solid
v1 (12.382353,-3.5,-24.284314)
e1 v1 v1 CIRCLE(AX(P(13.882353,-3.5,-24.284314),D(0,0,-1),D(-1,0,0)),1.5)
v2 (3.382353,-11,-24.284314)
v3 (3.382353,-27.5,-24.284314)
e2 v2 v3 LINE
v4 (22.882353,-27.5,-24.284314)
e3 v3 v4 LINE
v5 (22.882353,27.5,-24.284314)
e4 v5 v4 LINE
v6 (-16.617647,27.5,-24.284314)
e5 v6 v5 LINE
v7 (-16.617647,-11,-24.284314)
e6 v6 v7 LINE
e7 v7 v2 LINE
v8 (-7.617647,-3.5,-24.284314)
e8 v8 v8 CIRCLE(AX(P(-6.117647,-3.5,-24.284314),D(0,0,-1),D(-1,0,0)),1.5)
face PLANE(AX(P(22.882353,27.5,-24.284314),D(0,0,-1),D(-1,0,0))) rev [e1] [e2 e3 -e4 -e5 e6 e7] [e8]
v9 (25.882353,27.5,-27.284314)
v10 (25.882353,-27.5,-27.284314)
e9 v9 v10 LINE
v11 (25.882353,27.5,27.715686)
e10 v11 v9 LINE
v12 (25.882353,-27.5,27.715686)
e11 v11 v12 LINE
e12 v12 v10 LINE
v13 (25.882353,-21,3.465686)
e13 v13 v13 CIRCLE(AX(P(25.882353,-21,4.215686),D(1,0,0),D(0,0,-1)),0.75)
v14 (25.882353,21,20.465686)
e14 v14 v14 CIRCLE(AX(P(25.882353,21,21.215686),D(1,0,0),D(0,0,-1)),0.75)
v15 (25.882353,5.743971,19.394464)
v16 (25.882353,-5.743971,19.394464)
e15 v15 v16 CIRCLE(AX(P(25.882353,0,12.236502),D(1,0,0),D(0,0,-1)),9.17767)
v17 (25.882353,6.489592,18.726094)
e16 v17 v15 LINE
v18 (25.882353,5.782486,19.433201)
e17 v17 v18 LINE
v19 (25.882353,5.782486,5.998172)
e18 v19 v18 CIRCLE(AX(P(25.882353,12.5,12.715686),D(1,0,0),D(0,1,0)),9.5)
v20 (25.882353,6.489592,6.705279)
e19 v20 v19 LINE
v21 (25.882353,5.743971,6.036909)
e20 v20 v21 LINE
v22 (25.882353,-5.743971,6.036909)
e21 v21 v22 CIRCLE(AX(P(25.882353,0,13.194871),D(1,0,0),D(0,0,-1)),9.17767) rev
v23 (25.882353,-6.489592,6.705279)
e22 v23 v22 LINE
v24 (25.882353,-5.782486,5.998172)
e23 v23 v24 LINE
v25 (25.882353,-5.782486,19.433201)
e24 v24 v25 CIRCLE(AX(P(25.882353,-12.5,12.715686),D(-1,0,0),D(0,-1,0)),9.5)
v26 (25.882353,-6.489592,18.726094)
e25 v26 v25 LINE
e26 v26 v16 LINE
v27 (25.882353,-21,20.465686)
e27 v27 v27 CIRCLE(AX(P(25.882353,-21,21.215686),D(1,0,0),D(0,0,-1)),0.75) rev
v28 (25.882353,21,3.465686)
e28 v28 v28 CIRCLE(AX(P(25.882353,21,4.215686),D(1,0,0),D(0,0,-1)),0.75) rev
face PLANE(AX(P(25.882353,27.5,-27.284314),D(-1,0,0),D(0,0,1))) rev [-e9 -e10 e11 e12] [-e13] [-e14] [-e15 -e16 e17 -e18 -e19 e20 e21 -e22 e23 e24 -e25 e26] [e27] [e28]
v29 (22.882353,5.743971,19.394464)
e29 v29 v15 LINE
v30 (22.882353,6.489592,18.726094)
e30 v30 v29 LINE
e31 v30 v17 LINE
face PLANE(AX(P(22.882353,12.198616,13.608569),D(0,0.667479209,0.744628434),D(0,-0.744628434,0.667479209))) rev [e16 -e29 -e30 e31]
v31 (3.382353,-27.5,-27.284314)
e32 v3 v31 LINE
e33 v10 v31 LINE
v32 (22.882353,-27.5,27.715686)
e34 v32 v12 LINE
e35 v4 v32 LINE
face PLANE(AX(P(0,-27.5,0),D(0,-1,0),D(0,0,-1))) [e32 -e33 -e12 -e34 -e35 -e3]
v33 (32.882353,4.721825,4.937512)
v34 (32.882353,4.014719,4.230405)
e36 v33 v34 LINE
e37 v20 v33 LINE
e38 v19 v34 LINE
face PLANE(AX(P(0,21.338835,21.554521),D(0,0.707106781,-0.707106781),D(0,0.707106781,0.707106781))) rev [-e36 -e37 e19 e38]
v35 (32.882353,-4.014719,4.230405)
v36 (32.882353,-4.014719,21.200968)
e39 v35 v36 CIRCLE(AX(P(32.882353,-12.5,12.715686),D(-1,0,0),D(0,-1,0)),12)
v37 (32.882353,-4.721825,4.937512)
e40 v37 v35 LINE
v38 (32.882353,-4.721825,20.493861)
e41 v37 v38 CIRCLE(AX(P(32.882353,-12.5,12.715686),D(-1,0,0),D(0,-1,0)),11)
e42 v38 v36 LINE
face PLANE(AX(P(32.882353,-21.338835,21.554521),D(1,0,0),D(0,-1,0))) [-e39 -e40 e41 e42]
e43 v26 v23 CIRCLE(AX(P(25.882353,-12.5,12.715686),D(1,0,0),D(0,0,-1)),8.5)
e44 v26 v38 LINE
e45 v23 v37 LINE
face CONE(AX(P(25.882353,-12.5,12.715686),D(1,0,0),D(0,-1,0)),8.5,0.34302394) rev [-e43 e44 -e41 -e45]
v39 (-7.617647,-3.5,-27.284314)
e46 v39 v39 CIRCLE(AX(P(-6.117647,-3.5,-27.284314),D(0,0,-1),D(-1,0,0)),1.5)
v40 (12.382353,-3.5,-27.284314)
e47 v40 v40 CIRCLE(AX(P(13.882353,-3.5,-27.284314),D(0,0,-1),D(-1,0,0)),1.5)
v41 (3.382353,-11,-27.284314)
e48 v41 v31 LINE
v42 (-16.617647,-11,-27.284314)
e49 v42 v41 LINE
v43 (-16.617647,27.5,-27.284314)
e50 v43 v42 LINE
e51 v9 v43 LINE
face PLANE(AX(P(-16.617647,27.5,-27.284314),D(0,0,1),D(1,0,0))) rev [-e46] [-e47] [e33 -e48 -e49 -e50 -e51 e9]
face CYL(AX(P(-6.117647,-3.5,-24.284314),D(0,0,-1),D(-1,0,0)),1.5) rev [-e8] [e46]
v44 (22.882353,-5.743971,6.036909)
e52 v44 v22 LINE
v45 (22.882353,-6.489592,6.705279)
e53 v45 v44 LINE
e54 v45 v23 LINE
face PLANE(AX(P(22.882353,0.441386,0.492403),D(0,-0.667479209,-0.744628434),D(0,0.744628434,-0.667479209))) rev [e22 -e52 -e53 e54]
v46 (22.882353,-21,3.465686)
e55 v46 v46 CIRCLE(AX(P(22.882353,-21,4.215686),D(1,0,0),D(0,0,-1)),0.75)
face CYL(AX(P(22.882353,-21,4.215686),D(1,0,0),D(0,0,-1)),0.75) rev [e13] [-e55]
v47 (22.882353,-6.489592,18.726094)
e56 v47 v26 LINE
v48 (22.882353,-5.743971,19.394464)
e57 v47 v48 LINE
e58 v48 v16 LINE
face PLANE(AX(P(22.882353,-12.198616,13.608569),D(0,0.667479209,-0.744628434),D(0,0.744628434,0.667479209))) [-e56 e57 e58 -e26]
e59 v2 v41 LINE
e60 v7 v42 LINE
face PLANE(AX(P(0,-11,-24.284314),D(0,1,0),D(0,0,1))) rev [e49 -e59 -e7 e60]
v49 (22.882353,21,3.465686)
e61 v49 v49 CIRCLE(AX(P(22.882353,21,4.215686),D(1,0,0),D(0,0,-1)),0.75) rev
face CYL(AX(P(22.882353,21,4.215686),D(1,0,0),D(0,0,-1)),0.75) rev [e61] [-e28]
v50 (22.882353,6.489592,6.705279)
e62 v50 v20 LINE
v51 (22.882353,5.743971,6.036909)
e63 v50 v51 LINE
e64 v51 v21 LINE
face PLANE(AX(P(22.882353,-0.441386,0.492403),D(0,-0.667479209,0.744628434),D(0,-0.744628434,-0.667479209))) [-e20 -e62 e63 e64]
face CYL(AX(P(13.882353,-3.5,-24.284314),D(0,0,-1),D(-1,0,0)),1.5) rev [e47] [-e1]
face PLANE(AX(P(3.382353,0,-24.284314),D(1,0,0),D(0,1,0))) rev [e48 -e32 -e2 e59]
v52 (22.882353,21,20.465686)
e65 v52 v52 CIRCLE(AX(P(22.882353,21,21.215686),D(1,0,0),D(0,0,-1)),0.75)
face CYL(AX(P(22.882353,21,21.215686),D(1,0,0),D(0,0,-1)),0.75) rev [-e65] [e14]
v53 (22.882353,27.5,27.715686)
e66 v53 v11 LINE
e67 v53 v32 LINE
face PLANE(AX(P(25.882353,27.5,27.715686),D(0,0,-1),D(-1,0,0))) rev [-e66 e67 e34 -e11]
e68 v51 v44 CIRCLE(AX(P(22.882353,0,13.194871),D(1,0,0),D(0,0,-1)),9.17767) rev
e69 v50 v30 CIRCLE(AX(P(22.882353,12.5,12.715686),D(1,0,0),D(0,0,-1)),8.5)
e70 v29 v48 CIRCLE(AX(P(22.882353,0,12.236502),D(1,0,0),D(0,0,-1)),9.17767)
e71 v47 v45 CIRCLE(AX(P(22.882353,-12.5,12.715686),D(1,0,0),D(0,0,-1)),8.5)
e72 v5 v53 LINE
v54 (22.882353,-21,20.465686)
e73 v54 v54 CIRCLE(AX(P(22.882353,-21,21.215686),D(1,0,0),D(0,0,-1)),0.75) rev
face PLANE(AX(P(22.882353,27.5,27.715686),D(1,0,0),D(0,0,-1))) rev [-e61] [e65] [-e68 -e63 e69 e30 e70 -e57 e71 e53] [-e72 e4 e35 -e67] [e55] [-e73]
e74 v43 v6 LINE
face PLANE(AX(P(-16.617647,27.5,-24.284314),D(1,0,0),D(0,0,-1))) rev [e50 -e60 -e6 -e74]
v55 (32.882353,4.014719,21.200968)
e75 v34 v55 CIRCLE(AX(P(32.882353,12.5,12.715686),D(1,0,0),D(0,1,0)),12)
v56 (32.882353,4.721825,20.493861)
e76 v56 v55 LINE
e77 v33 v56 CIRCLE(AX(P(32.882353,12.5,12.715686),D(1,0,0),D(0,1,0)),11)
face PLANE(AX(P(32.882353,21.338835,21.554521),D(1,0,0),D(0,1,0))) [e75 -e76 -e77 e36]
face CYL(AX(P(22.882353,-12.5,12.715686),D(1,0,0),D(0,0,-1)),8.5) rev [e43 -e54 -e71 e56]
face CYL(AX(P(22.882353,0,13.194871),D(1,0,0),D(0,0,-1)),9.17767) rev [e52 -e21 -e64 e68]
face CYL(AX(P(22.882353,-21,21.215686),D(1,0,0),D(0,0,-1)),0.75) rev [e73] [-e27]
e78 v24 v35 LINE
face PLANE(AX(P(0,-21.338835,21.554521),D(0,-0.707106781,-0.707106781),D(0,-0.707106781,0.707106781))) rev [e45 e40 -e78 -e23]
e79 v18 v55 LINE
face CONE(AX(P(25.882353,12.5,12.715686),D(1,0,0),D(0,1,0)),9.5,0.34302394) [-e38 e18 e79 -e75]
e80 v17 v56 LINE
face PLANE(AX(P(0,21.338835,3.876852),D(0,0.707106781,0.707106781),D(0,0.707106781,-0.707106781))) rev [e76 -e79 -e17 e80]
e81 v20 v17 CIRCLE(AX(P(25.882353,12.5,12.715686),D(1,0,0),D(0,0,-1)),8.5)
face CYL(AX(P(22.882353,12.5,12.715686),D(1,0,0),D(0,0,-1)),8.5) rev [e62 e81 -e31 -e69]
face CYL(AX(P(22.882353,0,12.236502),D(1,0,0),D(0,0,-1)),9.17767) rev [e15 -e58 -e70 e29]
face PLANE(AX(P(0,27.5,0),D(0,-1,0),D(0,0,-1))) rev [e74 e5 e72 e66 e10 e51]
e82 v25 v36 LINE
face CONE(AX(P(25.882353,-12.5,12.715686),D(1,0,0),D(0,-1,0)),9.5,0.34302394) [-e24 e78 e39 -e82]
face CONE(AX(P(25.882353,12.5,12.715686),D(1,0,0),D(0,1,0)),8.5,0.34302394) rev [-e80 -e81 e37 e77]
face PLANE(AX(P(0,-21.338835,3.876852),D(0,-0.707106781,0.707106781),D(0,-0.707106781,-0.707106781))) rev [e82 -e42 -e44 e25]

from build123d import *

# Parameters (mm, degrees)
EXTRUDE_1_DEPTH       = 27.5
SKETCH_3_R            = 0.75
CUT_EXTRUDE_3_DEPTH   = 3
REVOLVE_1_ANGLE       = 135
MIRROR_3_COPY_1_ANGLE = 135
MIRROR_3_COPY_2_ANGLE = 135
SKETCH_2_R            = 1.5
SKETCH_2_W            = 20
SKETCH_2_H            = 16.5
CUT_EXTRUDE_4_DEPTH   = 3


with BuildPart() as part:
    # 草图1 → 凸台-拉伸1 (new, symmetric)
    with BuildSketch(Plane(origin=(0, 0, 0), x_dir=(1, 0, 0), z_dir=(0, 1, 0))):
        Polygon((-16.617647059, 27.284313725), (25.882352941, 27.284313725), (25.882352941, -27.715686275), (22.882352941, -27.715686275), (22.882352941, 24.284313725), (-16.617647059, 24.284313725), align=None)
    extrude(amount=EXTRUDE_1_DEPTH, both=True)

    # 草图3 → 切除-拉伸3 (cut)
    with BuildSketch(Plane(origin=(25.882352941, 0, 0), x_dir=(0, 0, -1), z_dir=(1, 0, 0))):
        with BuildLine():
            ThreePointArc((-19.394463571, 5.743970558), (-21.414171084, 0), (-19.394463571, -5.743970558))
            Line((-19.394463571, -5.743970558), (-18.726093915, -6.48959236))
            ThreePointArc((-18.726093915, -6.48959236), (-12.715686275, -21), (-6.705278634, -6.48959236))
            Line((-6.705278634, -6.48959236), (-6.036908978, -5.743970558))
            ThreePointArc((-6.036908978, -5.743970558), (-4.017201465, 0), (-6.036908978, 5.743970558))
            Line((-6.036908978, 5.743970558), (-6.705278634, 6.48959236))
            ThreePointArc((-6.705278634, 6.48959236), (-12.715686275, 21), (-18.726093915, 6.48959236))
            Line((-18.726093915, 6.48959236), (-19.394463571, 5.743970558))
        make_face()
        with Locations((-4.215686275, -21)):
            Circle(SKETCH_3_R)
        with Locations((-21.215686275, -21)):
            Circle(SKETCH_3_R)
        with Locations((-4.215686275, 21)):
            Circle(SKETCH_3_R)
        with Locations((-21.215686275, 21)):
            Circle(SKETCH_3_R)
    extrude(amount=-CUT_EXTRUDE_3_DEPTH, mode=Mode.SUBTRACT)

    # 草图5 → 旋转1 (revolve)
    with BuildSketch(Plane(origin=(0, 0, 12.715686275), x_dir=(0, -1, 0), z_dir=(0, 0, 1))):
        Polygon((-22, 25.882352941), (-24.5, 32.882352941), (-23.5, 32.882352941), (-21, 25.882352941), align=None)
    revolve_1 = revolve(axis=Axis((32.882352941, 12.5, 12.715686275), (-1, 0, 0)), revolution_arc=REVOLVE_1_ANGLE)

    # 镜向1: 旋转1 across plane
    add(revolve_1.mirror(Plane.ZX))

    # 镜向2: 旋转1 across plane
    add(revolve_1.mirror(Plane.XY.offset(12.715686275)))

    # 镜向3 copy 1 sketch → 镜向3 copy 1 (revolve)
    with BuildSketch(Plane.YX.offset(-12.715686275)):
        Polygon((-22, 25.882352941), (-24.5, 32.882352941), (-23.5, 32.882352941), (-21, 25.882352941), align=None)
    revolve(axis=Axis((32.882352941, -12.5, 12.715686275), (-1, 0, 0)), revolution_arc=MIRROR_3_COPY_1_ANGLE)

    # 镜向3 copy 2 sketch → 镜向3 copy 2 (revolve)
    with BuildSketch(Plane(origin=(0, 0, 12.715686275), x_dir=(0, -1, 0), z_dir=(0, 0, -1))):
        Polygon((-22, -25.882352941), (-24.5, -32.882352941), (-23.5, -32.882352941), (-21, -25.882352941), align=None)
    revolve(axis=Axis((32.882352941, 12.5, 12.715686275), (1, 0, 0)), revolution_arc=MIRROR_3_COPY_2_ANGLE)

    # 草图2 → 切除-拉伸4 (cut)
    with BuildSketch(Plane(origin=(0, 0, -27.284313725), x_dir=(-1, 0, 0), z_dir=(0, 0, -1))):
        with Locations((6.117647059, -3.5)):
            Circle(SKETCH_2_R)
        with Locations((-13.882352941, -3.5)):
            Circle(SKETCH_2_R)
        with Locations((6.617647059, -19.25)):
            Rectangle(SKETCH_2_W, SKETCH_2_H)
    extrude(amount=-CUT_EXTRUDE_4_DEPTH, mode=Mode.SUBTRACT)


solid = part.part
